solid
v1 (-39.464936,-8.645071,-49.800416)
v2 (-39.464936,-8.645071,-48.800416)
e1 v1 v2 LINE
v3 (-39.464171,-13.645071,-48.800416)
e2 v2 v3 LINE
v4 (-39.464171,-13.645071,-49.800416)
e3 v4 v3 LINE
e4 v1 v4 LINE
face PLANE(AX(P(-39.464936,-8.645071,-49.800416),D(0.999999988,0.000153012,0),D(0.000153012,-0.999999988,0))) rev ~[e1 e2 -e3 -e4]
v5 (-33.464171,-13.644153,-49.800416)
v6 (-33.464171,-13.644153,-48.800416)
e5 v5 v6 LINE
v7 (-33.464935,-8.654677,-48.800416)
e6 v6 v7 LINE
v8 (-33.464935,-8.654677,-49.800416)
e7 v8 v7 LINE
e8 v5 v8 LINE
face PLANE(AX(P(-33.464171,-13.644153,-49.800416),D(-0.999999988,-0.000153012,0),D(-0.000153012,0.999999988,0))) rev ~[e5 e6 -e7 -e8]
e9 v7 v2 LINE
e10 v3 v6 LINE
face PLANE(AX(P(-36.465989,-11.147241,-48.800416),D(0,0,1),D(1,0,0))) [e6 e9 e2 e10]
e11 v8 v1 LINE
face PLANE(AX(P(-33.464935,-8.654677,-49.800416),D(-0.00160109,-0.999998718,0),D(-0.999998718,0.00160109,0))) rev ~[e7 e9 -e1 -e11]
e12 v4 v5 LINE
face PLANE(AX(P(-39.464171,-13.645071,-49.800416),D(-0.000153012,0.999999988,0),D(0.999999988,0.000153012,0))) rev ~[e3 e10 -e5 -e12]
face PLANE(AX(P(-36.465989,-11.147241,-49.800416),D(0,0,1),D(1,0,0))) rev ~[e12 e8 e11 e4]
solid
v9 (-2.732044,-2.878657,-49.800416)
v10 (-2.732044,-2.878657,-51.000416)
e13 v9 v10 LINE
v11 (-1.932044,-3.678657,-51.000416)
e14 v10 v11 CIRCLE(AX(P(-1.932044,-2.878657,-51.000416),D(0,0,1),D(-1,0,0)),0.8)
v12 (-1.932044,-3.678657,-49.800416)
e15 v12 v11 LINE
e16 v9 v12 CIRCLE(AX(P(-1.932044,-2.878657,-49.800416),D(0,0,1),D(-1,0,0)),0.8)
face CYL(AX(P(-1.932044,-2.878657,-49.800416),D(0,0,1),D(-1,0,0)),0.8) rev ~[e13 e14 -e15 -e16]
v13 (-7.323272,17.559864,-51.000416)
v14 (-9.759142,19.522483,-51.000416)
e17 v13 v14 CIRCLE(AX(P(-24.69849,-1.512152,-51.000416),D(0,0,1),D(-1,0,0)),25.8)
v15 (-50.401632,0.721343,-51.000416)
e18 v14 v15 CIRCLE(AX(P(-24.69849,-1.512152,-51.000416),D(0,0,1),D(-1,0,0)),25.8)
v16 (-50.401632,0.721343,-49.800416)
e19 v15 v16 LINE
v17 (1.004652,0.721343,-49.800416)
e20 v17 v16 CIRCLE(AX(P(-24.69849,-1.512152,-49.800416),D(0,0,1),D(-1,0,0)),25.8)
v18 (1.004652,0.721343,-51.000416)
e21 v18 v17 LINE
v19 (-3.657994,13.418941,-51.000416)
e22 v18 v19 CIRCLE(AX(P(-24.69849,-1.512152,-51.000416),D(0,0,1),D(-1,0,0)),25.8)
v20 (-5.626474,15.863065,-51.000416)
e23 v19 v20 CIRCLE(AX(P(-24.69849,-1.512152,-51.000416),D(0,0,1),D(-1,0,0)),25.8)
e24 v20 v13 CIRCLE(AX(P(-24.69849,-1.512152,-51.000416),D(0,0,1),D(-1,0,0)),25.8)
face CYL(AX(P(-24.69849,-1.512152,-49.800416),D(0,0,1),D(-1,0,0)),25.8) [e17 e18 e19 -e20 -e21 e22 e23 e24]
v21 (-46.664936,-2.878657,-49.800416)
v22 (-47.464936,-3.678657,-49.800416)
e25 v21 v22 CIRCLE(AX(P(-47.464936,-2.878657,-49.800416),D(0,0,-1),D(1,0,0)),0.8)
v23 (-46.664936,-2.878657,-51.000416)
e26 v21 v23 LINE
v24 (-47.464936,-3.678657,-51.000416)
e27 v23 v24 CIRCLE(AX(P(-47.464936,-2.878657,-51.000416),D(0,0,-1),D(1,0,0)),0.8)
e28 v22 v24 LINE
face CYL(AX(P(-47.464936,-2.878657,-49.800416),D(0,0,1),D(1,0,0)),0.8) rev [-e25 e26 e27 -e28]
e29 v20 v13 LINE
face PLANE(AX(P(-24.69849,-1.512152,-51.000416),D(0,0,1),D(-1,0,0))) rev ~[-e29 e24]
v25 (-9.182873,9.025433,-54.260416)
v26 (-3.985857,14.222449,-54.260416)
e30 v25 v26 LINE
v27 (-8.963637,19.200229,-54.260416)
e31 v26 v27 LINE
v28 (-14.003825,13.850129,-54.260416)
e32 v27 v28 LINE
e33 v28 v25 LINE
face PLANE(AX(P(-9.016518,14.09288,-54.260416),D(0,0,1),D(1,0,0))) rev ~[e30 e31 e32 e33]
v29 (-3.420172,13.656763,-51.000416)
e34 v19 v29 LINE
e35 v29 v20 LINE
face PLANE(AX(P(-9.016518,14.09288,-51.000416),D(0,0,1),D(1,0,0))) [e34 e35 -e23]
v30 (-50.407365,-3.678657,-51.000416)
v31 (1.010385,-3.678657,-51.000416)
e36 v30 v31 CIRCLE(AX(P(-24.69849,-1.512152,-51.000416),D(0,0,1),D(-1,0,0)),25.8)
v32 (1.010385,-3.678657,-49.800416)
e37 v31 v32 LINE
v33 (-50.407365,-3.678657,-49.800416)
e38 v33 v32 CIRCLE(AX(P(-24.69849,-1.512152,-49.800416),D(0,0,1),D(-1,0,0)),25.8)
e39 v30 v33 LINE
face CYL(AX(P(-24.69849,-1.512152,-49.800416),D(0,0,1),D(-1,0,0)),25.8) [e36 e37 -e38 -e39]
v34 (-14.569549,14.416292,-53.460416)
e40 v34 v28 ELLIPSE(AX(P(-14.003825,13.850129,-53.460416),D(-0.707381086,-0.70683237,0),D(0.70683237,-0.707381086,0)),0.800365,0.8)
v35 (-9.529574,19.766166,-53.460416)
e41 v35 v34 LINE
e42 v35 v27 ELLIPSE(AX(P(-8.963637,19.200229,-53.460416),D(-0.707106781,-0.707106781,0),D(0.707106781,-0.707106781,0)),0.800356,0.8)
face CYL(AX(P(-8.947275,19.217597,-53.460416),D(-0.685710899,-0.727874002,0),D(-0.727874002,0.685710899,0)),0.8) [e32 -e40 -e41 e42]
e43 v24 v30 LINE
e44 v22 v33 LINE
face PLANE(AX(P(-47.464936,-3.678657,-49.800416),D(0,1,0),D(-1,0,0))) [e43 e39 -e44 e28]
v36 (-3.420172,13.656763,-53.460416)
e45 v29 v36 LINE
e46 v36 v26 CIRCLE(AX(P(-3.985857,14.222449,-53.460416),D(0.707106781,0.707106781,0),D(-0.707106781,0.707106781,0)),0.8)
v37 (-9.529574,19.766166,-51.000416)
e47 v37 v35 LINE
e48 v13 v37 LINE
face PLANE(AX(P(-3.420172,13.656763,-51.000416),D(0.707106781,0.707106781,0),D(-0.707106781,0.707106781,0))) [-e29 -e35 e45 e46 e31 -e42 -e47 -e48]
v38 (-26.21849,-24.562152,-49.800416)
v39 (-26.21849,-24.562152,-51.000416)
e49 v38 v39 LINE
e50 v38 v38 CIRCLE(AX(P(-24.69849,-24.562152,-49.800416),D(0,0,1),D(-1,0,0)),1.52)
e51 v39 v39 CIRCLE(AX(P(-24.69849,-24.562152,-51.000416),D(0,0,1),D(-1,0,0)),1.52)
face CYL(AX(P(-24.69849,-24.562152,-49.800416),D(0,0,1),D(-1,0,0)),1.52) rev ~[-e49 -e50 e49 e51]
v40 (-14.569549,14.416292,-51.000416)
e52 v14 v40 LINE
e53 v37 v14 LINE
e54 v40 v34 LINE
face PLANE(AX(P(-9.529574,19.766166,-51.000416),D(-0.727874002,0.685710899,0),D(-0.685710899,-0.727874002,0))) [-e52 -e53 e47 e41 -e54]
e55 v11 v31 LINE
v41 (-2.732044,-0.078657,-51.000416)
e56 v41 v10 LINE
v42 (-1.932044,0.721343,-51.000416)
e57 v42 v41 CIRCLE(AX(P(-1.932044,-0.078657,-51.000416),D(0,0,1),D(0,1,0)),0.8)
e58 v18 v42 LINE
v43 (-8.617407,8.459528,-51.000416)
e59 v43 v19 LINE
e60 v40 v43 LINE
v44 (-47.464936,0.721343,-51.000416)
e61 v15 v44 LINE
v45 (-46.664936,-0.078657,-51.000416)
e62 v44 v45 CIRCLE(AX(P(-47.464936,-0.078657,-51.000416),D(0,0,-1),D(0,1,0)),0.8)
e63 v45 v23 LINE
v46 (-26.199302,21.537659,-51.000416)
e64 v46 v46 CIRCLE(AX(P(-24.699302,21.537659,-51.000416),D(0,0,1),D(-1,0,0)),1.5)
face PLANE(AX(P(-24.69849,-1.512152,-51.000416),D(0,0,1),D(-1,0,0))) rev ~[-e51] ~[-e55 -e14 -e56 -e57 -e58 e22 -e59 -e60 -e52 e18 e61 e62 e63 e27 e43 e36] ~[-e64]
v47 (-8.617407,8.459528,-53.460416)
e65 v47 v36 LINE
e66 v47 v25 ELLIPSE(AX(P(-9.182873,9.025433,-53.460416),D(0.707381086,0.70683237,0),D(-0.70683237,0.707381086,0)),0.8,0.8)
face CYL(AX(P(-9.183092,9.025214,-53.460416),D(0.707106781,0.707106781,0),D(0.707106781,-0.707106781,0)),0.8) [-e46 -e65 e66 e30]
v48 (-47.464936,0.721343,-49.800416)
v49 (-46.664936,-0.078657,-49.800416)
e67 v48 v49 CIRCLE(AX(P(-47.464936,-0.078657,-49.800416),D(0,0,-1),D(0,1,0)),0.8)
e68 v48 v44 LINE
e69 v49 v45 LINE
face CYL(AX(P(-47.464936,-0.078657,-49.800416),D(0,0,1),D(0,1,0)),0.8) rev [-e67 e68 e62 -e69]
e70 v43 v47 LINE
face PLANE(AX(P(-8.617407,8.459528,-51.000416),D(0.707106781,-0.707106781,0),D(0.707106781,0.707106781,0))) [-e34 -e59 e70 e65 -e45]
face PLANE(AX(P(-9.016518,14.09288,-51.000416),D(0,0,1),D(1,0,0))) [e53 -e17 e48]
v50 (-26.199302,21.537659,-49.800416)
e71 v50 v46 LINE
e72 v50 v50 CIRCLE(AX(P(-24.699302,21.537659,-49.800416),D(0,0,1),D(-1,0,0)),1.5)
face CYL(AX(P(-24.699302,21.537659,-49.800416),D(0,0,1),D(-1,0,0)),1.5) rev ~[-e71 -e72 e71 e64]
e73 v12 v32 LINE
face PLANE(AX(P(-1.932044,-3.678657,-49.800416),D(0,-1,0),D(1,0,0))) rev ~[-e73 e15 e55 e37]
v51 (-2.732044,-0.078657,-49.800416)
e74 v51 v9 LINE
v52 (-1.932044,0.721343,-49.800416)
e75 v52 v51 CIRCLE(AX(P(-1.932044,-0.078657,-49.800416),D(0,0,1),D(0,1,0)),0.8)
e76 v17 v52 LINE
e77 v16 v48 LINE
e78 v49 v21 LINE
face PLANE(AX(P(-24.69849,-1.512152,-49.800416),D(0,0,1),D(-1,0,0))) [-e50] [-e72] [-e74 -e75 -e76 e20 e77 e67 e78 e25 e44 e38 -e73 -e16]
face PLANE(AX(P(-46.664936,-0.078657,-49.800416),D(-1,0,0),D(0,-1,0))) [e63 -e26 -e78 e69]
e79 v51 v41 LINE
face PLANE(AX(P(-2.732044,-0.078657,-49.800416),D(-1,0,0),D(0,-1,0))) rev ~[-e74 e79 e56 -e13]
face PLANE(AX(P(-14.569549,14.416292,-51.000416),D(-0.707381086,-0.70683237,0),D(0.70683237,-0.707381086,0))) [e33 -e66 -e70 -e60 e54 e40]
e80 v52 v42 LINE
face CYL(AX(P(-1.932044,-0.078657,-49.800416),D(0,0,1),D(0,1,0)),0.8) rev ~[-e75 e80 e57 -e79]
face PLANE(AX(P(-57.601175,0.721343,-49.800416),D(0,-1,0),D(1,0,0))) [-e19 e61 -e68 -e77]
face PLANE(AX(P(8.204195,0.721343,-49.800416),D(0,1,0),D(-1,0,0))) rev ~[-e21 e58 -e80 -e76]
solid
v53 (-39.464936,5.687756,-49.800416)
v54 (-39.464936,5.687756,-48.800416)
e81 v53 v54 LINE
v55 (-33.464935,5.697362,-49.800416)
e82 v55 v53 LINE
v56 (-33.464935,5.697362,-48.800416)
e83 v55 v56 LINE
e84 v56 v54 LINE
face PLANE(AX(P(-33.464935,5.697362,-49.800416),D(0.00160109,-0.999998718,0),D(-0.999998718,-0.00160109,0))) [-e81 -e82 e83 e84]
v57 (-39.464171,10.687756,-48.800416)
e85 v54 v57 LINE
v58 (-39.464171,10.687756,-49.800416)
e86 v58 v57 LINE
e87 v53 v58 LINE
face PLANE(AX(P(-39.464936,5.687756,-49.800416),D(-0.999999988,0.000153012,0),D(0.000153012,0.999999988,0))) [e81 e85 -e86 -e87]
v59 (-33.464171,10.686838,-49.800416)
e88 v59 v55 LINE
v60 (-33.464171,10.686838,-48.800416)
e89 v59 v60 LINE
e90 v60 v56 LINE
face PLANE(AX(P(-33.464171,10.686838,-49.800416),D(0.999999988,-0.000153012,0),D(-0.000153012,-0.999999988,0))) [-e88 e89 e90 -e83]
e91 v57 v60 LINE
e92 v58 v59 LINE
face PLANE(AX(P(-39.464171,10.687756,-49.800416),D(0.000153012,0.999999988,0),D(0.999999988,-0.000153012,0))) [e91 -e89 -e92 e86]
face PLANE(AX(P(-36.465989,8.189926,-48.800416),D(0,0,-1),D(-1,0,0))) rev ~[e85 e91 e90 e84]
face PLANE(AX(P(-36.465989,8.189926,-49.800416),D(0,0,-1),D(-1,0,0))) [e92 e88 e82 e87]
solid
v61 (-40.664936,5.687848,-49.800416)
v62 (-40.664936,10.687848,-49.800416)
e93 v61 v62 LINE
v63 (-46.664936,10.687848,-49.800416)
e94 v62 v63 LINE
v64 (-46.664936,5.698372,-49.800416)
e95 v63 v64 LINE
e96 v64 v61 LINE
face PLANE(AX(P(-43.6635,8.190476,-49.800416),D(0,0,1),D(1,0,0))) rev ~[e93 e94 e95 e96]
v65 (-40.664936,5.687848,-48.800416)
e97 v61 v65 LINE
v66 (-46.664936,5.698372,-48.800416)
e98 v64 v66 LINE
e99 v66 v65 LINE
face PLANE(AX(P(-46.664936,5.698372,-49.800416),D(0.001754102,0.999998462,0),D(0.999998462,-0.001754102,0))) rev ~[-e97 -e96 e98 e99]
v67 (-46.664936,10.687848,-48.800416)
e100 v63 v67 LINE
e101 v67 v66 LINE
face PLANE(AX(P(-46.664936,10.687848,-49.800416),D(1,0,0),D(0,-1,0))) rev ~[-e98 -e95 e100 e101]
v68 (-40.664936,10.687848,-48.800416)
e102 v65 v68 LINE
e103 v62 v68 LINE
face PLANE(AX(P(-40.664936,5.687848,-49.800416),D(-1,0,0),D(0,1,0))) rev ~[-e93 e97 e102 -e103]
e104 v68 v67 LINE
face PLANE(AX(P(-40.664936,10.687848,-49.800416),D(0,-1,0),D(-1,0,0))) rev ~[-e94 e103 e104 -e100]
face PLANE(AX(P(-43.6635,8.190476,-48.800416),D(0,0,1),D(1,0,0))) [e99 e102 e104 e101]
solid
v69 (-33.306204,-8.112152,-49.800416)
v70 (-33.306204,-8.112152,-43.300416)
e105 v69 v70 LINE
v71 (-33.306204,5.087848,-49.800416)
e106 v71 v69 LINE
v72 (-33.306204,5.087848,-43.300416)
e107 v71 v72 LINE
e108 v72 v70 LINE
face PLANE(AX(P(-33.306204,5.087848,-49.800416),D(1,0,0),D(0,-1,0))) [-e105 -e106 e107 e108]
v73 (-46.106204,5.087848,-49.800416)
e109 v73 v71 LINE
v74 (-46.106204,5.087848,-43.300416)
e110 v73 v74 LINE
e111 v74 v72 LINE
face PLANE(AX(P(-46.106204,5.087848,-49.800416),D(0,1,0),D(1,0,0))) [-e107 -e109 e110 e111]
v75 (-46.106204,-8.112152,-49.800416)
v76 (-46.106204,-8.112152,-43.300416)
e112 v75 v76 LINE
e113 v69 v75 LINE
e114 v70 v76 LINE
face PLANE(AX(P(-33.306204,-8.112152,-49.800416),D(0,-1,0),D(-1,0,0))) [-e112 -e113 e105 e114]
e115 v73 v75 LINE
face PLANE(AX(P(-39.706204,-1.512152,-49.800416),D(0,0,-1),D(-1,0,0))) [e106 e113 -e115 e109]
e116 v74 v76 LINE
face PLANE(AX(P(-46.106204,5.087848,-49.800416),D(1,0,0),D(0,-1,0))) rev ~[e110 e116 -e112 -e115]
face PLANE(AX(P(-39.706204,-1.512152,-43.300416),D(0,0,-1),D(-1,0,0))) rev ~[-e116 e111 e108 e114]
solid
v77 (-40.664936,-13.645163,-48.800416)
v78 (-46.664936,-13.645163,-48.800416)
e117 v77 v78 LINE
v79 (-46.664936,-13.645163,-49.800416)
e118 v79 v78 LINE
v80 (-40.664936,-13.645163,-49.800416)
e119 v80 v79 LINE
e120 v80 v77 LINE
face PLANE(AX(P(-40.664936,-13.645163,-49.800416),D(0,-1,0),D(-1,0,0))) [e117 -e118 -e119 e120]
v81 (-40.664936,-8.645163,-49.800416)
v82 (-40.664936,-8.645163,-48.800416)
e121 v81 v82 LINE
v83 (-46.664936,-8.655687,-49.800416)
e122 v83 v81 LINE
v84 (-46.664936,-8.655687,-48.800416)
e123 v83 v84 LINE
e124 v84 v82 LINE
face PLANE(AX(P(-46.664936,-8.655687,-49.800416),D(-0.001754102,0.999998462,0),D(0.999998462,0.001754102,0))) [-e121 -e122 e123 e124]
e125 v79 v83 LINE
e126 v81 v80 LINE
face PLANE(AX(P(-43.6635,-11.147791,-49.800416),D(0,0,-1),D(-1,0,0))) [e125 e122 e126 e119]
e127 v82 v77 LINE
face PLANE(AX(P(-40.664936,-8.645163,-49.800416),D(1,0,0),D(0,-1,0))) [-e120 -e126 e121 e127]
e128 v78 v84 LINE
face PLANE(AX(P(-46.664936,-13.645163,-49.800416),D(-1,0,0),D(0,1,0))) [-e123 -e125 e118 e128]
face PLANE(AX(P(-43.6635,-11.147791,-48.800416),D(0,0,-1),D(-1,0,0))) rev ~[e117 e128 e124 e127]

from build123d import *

# Parameters (mm, degrees)
EXTRUDE_START       = -49.800416
SKETCH_2_R          = 25.8
SKETCH_2_R_2        = 1.49999954
SKETCH_2_R_3        = 1.52
EXTRUDE_1_DEPTH     = 1.2
EXTRUDE_2_DEPTH     = 6.5
EXTRUDE_3_DEPTH     = 1
EXTRUDE_3_2_DEPTH   = 1
EXTRUDE_3_3_DEPTH   = 1
EXTRUDE_3_4_DEPTH   = 1
CUT_EXTRUDE_START   = -49.800416
CUT_EXTRUDE_2_DEPTH = 1.2
EXTRUDE_START_2     = -51.000416
EXTRUDE_4_DEPTH     = 3.26
FILLET_1_R          = 0.8


with BuildPart() as part:
    # 草图2 → 凸台-拉伸1 (new body)
    with BuildSketch(Plane.XY.offset(EXTRUDE_START)):
        with Locations(Location((-24.698490112, -1.512152456, 0), (0, 0, 180))):
            Circle(SKETCH_2_R)
        with Locations(Location((-24.699302249, 21.537658542, 0), (0, 0, 180))):
            Circle(SKETCH_2_R_2, mode=Mode.SUBTRACT)
        with Locations(Location((-24.698490112, -24.562152076, 0), (0, 0, 180))):
            Circle(SKETCH_2_R_3, mode=Mode.SUBTRACT)
    extrude(amount=-EXTRUDE_1_DEPTH)

    # 草图5 → 切除-拉伸2 (cut)
    with BuildSketch(Plane.XY.offset(CUT_EXTRUDE_START)):
        with BuildLine():
            Line((-46.664936261, -0.078657487), (-46.664936261, -2.878657487))
            ThreePointArc((-46.664936261, -2.878657487), (-46.899250836, -3.444342912), (-47.464936261, -3.678657487))
            Line((-47.464936261, -3.678657487), (-57.601175162, -3.678657487))
            Line((-57.601175162, -3.678657487), (-57.601175162, -1.478657487))
            Line((-57.601175162, -1.478657487), (-57.601175162, 0.721342513))
            Line((-57.601175162, 0.721342513), (-47.464936261, 0.721342513))
            ThreePointArc((-47.464936261, 0.721342513), (-46.899250836, 0.487027938), (-46.664936261, -0.078657487))
        make_face()
        with BuildLine():
            Line((-1.932043962, -3.678657487), (8.204194939, -3.678657487))
            Line((8.204194939, -3.678657487), (8.204194939, -1.478657487))
            Line((8.204194939, -1.478657487), (8.204194939, 0.721342513))
            Line((8.204194939, 0.721342513), (-1.932043962, 0.721342513))
            ThreePointArc((-1.932043962, 0.721342513), (-2.497729387, 0.487027938), (-2.732043962, -0.078657487))
            Line((-2.732043962, -0.078657487), (-2.732043962, -2.878657487))
            ThreePointArc((-2.732043962, -2.878657487), (-2.497729387, -3.444342912), (-1.932043962, -3.678657487))
        make_face()
    extrude(amount=-CUT_EXTRUDE_2_DEPTH, mode=Mode.SUBTRACT)

    # 草图6 → 凸台-拉伸4 (add)
    with BuildSketch(Plane.XY.offset(EXTRUDE_START_2)):
        Polygon((-14.569549448, 14.416291987), (-8.617406593, 8.459528473), (-3.420171752, 13.656763315), (-9.529574341, 19.766165904), align=None)
    extrude(amount=-EXTRUDE_4_DEPTH)

    # 圆角1
    fillet_1_edges = [part.edges().sort_by_distance(p)[0] for p in [
        (-12.049561894, 17.091228946, -54.260416),
        (-6.018789173, 11.058145894, -54.260416),
    ]]
    fillet(fillet_1_edges, radius=FILLET_1_R)


with BuildPart() as body_2:
    # 草图3 → 凸台-拉伸2 (new body)
    with BuildSketch(Plane.XY.offset(EXTRUDE_START)):
        Polygon((-46.106203951, -1.512152456), (-46.106203951, 5.087847544), (-33.306203951, 5.087847544), (-33.306203951, -8.112152456), (-46.106203951, -8.112152456), align=None)
    extrude(amount=EXTRUDE_2_DEPTH)


with BuildPart() as body_3:
    # 草图4 → 凸台-拉伸3 (new body)
    with BuildSketch(Plane.XY.offset(EXTRUDE_START)):
        Polygon((-39.464936268, -8.64507071), (-39.464171207, -13.645070651), (-33.464171277, -13.644152578), (-33.464934728, -8.654677262), align=None)
    extrude(amount=EXTRUDE_3_DEPTH)


with BuildPart() as body_4:
    # 草图4 → Extrude 3 2 (new body)
    with BuildSketch(Plane.XY.offset(EXTRUDE_START)):
        Polygon((-33.464934728, 5.697362288), (-39.464936268, 5.687755735), (-39.464171207, 10.687755677), (-33.464171277, 10.686837604), align=None)
    extrude(amount=EXTRUDE_3_2_DEPTH)


with BuildPart() as body_5:
    # 草图4 → Extrude 3 3 (new body)
    with BuildSketch(Plane.XY.offset(EXTRUDE_START)):
        Polygon((-40.664936261, 5.687847542), (-40.664936261, 10.687847542), (-46.664936261, 10.687847542), (-46.664936261, 5.698372168), align=None)
    extrude(amount=EXTRUDE_3_3_DEPTH)


with BuildPart() as body_6:
    # 草图4 → Extrude 3 4 (new body)
    with BuildSketch(Plane.XY.offset(EXTRUDE_START)):
        Polygon((-46.664936261, -8.655687143), (-40.664936261, -8.645162517), (-40.664936261, -13.645162517), (-46.664936261, -13.645162517), align=None)
    extrude(amount=EXTRUDE_3_4_DEPTH)


solid = Compound([part.part, body_2.part, body_3.part, body_4.part, body_5.part, body_6.part])
